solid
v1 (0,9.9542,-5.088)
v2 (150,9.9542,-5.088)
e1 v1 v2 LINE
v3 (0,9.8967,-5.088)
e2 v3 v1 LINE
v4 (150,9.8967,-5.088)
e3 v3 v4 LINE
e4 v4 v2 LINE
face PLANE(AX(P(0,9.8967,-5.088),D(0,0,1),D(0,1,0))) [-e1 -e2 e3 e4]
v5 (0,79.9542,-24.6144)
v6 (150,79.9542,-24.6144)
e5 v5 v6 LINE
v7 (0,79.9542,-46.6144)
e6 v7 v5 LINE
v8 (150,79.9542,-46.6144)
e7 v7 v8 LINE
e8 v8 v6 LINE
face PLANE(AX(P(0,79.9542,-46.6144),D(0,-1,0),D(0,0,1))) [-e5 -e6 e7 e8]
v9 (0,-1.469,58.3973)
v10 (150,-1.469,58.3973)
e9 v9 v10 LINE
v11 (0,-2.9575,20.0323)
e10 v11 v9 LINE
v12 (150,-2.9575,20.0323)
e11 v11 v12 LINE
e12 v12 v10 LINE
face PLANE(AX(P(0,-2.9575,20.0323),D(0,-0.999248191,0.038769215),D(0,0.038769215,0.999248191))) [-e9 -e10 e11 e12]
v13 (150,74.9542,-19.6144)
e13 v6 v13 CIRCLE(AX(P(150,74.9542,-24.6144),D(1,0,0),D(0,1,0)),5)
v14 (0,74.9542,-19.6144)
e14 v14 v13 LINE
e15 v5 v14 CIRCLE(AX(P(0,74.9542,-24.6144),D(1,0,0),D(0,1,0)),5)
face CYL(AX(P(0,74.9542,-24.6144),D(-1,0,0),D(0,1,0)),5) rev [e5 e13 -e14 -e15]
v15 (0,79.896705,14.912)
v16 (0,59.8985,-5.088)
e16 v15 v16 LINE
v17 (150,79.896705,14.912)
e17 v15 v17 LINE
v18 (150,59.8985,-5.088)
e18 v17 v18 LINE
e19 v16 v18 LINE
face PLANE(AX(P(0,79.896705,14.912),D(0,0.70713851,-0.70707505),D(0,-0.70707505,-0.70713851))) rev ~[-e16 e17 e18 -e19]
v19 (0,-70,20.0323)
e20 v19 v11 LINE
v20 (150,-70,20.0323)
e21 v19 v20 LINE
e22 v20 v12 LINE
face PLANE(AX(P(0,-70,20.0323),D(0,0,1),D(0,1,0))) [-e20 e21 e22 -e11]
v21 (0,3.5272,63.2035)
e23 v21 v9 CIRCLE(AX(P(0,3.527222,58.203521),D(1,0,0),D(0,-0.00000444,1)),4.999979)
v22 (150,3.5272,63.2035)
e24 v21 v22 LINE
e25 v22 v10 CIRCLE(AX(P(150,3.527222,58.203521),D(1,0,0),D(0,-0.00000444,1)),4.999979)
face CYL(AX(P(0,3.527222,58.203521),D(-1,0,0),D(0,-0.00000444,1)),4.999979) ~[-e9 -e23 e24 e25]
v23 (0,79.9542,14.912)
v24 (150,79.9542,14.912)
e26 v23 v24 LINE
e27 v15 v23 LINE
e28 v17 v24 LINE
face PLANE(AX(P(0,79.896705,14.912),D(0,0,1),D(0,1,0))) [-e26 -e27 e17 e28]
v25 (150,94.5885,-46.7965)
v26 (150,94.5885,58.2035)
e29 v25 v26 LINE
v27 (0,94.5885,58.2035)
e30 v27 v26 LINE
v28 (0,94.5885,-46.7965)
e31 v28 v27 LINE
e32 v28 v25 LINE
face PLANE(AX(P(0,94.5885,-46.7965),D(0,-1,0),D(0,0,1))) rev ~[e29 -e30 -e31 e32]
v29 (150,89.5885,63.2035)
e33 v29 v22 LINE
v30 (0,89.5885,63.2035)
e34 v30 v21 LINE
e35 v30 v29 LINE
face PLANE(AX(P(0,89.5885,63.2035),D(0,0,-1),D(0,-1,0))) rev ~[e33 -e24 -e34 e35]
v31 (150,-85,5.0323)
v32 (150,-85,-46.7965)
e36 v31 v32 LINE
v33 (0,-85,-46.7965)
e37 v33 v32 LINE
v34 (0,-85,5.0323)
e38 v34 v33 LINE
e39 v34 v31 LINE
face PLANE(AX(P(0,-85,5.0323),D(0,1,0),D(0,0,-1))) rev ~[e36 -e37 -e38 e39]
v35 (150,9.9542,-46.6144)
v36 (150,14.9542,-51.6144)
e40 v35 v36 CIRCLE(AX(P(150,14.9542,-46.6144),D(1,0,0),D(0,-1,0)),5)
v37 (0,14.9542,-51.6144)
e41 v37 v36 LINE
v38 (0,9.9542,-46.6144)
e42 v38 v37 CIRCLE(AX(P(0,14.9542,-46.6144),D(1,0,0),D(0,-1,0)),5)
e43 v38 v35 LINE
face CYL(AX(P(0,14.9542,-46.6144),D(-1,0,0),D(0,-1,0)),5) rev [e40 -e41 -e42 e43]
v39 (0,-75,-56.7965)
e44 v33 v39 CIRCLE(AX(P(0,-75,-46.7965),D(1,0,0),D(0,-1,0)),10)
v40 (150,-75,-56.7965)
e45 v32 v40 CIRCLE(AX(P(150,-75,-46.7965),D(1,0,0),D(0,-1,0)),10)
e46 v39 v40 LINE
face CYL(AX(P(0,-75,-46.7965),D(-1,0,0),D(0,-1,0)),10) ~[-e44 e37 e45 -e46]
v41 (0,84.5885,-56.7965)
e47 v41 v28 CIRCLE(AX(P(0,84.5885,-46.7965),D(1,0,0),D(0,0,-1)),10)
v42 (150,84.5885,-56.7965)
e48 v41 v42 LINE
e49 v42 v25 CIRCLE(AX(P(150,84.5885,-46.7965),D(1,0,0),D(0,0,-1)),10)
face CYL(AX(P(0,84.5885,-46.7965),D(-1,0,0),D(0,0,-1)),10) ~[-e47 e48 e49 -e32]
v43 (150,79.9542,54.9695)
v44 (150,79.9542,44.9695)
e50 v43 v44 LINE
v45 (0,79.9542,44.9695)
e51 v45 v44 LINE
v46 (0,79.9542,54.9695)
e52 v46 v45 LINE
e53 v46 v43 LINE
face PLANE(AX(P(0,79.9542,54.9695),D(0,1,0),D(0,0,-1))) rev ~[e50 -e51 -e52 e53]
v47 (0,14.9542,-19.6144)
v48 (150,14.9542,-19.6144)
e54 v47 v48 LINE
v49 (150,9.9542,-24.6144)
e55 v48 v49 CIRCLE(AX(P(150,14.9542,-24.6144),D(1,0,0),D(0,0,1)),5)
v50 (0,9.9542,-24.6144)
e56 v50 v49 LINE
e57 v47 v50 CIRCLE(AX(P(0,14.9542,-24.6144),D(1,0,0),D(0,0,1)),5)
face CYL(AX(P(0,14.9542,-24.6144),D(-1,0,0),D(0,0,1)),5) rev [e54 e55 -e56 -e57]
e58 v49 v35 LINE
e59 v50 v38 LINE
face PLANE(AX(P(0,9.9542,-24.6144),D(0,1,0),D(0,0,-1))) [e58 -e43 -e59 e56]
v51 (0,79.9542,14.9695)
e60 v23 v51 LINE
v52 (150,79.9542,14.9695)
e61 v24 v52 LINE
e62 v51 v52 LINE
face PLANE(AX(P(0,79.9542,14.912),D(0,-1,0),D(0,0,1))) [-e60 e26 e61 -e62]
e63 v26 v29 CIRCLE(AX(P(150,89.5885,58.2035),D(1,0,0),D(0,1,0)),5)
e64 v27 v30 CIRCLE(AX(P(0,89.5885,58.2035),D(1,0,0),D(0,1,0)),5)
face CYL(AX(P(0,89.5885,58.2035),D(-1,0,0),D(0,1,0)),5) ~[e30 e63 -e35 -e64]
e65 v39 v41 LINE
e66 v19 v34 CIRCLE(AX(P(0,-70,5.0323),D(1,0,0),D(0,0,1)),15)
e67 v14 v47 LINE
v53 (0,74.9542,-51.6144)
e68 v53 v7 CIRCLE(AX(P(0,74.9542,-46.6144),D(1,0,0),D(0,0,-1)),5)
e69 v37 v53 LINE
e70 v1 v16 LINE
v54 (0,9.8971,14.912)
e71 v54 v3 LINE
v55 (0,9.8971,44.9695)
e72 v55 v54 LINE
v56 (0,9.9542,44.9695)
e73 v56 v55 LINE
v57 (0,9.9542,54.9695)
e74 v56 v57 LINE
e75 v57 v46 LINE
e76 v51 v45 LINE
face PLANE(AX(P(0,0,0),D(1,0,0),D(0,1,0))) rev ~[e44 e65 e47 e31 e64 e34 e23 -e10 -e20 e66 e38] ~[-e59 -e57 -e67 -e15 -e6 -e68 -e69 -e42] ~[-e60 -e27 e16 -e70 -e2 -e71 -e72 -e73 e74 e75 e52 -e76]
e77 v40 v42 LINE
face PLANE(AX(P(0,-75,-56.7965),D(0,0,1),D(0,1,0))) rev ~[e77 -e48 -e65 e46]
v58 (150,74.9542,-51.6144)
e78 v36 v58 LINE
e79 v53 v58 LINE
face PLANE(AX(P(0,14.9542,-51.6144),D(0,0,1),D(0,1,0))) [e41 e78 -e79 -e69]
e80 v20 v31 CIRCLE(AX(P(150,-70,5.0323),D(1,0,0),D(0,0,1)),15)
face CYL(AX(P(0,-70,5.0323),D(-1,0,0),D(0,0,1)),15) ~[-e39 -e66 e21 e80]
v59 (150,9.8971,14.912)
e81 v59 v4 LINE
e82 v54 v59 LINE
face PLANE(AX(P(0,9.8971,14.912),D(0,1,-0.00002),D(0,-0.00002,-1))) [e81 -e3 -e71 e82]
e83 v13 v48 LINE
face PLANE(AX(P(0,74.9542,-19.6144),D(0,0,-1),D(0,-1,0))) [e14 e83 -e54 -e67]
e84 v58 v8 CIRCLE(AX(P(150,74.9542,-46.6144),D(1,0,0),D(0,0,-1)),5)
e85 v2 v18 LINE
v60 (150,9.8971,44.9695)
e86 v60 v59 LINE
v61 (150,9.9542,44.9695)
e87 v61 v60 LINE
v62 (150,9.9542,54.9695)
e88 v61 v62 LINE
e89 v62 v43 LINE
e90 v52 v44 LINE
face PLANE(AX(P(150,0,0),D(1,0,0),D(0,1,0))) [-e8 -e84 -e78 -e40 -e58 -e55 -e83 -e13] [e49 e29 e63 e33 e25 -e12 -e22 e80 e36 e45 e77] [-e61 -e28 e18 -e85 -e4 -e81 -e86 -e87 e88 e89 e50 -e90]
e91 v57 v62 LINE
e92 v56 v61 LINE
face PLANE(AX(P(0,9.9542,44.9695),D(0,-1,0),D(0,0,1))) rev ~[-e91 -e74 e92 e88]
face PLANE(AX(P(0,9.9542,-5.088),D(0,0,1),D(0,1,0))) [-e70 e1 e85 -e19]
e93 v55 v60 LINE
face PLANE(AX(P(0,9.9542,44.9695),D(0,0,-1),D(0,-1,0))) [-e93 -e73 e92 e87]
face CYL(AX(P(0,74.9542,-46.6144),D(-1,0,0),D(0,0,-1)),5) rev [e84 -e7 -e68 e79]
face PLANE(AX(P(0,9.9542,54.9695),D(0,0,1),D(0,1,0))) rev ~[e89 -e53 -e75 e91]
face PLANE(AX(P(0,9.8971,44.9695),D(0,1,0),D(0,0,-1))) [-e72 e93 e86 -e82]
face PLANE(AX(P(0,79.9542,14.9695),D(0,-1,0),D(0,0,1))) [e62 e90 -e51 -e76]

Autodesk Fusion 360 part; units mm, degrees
sketch "Sketch1" plane through (0, 0, 0) normal (1, 0, 0) x (0, 1, 0)
  line L0 (-75, -56.7965) -> (84.5885, -56.7965)
  line L1 (94.5885, -46.7965) -> (94.5885, 58.2035)
  line L2 (89.5885, 63.2035) -> (3.5272, 63.2035)
  line L3 (-70, 20.0323) -> (-2.9575, 20.0323)
  line L4 (-2.9575, 20.0323) -> (-1.469, 58.3973)
  line L5 (-97.4281, 59.7817) -> (-104.34, 62.6519) construction
  line L6 (-1.3367, 61.8082) -> (1.7233, 63.2035) construction
  line L7 (-85, 23.6607) -> (-92.9575, 20.0323) construction
  line L8 (-85, 51.039) -> (-85, 54.6209)
  line L9 (-85, 5.0323) -> (-85, -46.7965)
  line L10 (94.5885, -56.7965) -> (-33.3617, 20.0323) construction
  line L11 (-104.34, 62.6519) -> (-85, 51.039) construction
  line L12 (79.9542, 44.9695) -> (9.9542, 44.9695)
  line L13 (9.9542, 44.9695) -> (9.9542, 14.9695)
  line L14 (79.9542, 14.9695) -> (79.9542, 44.9695)
  line L15 (9.8967, -5.088) -> (59.8985, -5.088)
  line L16 (9.8971, 14.912) -> (9.8967, -5.088)
  line L17 (67.3, 44.9695) -> (94.5885, 63.2035) construction
  line L18 (79.9542, 14.9695) -> (59.8985, -5.088)
  line L19 (-85, -56.7965) -> (9.8969, 6.6131) construction
  line L20 (22.3522, 14.9356) -> (22.4384, 14.9932) construction
  line L21 (79.9542, 44.9695) -> (9.8971, 44.9695)
  line L22 (9.8971, 44.9695) -> (9.8971, 14.912)
  line L23 (9.8971, 14.912) -> (79.9542, 14.912)
  line L24 (79.9542, 14.912) -> (79.9542, 44.9695)
  line L25 (9.9542, 14.9695) -> (59.8985, 14.9695)
  line L26 (59.8985, 14.9695) -> (59.8985, -5.088)
  line L27 (59.8985, -5.088) -> (9.9542, -5.088)
  line L28 (9.9542, -5.088) -> (9.9542, 14.9695)
  arc A0 (-70, 20.0323) -> (-85, 5.0323) centre (-70, 5.0323) ccw
  arc A1 (84.5885, -56.7965) -> (94.5885, -46.7965) centre (84.5885, -46.7965) ccw
  arc A2 (-85, -46.7965) -> (-75, -56.7965) centre (-75, -46.7965) ccw
  arc A3 (94.5885, 58.2035) -> (89.5885, 63.2035) centre (89.5885, 58.2035) ccw
  arc A4 (3.5272, 63.2035) -> (-1.469, 58.3973) centre (3.5272, 58.2035) ccw
  line L29 (79.9542, 44.9695) -> (9.9542, 44.9695)
  line L30 (9.9542, 44.9695) -> (9.9542, 54.9695)
  line L31 (9.9542, 54.9695) -> (79.9542, 54.9695)
  line L32 (79.9542, 54.9695) -> (79.9542, 44.9695)
  line L33 (74.9542, -19.6144) -> (14.9542, -19.6144)
  line L34 (9.9542, -24.6144) -> (9.9542, -46.6144)
  line L35 (14.9542, -51.6144) -> (74.9542, -51.6144)
  line L36 (79.9542, -46.6144) -> (79.9542, -24.6144)
  arc A5 (14.9542, -19.6144) -> (9.9542, -24.6144) centre (14.9542, -24.6144) ccw
  arc A6 (9.9542, -46.6144) -> (14.9542, -51.6144) centre (14.9542, -46.6144) ccw
  arc A7 (79.9542, -24.6144) -> (74.9542, -19.6144) centre (74.9542, -24.6144) ccw
  arc A8 (74.9542, -51.6144) -> (79.9542, -46.6144) centre (74.9542, -46.6144) ccw
  point P0 (79.9542, -19.6144)
  point P1 (9.9542, -19.6144)
  point P2 (79.9542, -51.6144)
  dimension "d1" = 180
  dimension "d2" = 120
  dimension "d3" = 90
  dimension "d4" = 40
  dimension "d5" = 70
  dimension "d6" = 30
  dimension "d10" = 15
  dimension "d11" = 10
  dimension "d12" = 10
  dimension "d13" = 5
  dimension "d14" = 5
  dimension "d15" = 70
  dimension "d16" = 10
  dimension "d17" = 70
  dimension "d18" = 32
  dimension "d19" = 5
  dimension "d20" = 5
  dimension "d21" = 5
  dimension "d22" = 5
extrude "Extrude1" add sketch "Sketch1" along normal blind 150
sketch "Sketch2" plane through (0, 0, 0) normal (0, 1, 0) x (1, 0, 0)
  line L0 (15.2809, -58.615) -> (135.2809, -58.615)
